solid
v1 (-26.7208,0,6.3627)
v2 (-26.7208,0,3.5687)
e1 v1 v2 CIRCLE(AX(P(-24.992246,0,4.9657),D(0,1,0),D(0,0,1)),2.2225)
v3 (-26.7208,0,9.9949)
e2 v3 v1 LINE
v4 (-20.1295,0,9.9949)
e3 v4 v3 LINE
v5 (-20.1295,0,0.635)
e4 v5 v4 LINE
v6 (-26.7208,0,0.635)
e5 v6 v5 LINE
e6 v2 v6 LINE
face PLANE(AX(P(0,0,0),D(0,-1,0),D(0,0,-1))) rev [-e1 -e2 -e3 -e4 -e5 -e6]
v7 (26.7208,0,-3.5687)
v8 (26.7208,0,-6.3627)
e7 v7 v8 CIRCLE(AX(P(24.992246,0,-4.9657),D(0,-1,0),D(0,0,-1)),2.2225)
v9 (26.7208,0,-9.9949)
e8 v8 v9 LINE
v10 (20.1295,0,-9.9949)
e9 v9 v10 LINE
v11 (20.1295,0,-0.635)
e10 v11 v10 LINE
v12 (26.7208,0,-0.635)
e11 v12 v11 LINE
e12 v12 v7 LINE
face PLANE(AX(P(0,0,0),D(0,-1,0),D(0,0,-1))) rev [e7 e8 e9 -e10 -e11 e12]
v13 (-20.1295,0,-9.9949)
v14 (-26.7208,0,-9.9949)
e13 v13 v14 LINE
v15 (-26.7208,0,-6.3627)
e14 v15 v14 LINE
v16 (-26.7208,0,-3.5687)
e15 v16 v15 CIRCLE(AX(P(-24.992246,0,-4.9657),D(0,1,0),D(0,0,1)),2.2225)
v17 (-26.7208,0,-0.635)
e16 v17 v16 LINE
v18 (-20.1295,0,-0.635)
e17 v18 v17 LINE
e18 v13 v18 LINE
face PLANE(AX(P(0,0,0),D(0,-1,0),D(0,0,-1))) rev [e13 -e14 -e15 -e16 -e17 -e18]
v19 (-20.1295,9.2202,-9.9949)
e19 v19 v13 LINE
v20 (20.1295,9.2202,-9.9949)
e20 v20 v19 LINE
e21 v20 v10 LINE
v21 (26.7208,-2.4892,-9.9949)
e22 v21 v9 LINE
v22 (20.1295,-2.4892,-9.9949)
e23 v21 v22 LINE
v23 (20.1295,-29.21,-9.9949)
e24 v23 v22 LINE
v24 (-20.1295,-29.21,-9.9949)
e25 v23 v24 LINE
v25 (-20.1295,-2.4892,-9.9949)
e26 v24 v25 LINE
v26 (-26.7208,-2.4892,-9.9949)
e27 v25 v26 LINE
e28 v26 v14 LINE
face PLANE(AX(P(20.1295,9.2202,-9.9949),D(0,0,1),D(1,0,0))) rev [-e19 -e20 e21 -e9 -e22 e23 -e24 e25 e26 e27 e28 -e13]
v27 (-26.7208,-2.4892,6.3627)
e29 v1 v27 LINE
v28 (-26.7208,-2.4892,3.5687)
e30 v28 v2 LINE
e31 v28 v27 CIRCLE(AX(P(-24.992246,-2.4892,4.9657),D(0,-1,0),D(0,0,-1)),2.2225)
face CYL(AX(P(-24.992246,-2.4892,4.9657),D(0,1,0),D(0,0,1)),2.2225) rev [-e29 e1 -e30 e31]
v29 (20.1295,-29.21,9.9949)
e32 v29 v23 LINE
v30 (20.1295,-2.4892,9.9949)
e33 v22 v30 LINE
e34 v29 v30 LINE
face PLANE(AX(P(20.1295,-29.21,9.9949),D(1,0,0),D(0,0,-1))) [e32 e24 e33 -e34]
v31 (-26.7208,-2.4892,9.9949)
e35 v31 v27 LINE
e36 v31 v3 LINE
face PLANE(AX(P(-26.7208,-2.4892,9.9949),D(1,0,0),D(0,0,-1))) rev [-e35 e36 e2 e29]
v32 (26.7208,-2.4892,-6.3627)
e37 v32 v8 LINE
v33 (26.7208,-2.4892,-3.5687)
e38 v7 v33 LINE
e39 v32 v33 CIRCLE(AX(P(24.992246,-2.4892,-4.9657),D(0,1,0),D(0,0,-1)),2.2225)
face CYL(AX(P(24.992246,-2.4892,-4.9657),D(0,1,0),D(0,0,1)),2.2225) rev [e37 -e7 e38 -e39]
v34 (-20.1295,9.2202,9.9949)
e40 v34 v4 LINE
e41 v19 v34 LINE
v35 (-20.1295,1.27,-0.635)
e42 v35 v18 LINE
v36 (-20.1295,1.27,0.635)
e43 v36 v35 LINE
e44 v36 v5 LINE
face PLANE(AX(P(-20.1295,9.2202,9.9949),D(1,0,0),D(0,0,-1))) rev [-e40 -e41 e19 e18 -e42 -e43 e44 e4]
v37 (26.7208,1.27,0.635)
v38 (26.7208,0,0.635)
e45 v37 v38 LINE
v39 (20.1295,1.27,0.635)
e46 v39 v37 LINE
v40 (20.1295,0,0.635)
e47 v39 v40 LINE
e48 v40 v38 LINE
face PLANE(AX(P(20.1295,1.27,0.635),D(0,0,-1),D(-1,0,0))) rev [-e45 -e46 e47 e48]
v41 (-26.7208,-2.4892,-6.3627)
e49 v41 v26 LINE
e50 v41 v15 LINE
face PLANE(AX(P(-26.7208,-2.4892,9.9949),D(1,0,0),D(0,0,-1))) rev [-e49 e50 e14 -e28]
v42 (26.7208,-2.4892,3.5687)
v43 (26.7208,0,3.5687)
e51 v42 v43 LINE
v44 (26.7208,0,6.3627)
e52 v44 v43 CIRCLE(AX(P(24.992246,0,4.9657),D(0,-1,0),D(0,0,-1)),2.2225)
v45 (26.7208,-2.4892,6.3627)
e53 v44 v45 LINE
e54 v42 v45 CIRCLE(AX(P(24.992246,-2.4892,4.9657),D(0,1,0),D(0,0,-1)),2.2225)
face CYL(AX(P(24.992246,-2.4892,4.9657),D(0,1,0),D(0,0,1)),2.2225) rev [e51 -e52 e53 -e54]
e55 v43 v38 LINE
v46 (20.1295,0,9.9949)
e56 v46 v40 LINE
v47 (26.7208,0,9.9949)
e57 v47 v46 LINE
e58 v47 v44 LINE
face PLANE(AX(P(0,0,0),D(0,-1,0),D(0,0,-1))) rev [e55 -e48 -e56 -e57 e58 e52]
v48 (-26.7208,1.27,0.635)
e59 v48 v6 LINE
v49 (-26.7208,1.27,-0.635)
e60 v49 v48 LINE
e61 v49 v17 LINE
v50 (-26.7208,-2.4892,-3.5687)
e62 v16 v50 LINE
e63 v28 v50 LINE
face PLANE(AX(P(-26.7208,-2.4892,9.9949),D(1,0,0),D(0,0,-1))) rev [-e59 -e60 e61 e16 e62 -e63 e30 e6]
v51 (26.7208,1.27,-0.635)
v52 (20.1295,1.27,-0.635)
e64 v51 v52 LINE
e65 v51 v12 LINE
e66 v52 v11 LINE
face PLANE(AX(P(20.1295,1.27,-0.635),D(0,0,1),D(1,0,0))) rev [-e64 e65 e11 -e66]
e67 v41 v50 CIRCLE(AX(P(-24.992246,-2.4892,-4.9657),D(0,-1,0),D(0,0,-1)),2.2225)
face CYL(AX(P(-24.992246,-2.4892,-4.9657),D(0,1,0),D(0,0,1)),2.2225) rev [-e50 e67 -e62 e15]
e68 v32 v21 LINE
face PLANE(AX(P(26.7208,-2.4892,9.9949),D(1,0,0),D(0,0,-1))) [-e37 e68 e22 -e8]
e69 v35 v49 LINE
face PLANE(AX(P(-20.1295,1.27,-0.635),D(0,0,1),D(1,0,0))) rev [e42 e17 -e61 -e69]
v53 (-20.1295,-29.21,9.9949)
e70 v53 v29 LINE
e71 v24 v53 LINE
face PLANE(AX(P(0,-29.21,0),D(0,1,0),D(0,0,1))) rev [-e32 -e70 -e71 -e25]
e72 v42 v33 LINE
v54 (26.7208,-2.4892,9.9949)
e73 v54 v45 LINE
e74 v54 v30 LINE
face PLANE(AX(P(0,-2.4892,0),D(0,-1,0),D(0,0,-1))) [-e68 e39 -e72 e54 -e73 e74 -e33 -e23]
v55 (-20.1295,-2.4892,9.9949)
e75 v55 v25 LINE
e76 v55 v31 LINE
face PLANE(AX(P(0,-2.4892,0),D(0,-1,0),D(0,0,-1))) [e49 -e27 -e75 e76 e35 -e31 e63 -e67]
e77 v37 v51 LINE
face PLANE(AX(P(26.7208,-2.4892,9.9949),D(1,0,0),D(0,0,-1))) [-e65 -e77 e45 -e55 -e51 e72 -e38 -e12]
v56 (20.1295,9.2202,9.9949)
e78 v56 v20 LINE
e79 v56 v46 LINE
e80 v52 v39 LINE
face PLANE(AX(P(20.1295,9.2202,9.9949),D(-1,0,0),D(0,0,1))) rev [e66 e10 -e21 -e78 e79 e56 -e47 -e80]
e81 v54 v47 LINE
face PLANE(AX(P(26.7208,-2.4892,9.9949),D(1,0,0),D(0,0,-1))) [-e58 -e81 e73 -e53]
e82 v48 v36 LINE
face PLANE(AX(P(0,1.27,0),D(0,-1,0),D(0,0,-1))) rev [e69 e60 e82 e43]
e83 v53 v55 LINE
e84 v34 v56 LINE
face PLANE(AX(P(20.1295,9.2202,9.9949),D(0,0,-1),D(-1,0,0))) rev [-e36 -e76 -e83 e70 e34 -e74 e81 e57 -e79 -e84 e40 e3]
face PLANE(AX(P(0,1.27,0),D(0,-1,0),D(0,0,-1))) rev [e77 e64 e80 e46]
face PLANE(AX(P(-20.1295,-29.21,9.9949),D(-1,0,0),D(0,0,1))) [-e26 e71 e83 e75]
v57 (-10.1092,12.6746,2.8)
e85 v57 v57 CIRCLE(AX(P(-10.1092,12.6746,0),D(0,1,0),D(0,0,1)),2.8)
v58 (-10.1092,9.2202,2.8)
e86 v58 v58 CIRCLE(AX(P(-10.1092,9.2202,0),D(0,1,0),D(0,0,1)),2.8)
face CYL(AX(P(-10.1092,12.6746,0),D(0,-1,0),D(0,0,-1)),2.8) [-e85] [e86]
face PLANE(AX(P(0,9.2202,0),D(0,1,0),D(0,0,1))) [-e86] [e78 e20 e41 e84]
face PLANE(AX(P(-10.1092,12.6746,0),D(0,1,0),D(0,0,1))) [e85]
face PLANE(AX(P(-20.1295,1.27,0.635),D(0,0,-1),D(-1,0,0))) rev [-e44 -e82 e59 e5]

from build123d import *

# Parameters (mm, degrees)
SKETCH2_W               = 40.259
SKETCH2_H               = 19.9898
TOP_OF_HOUSING_DEPTH    = 9.2202
OUTER_EDGE_OF_MOTOR_W   = 53.4416
OUTER_EDGE_OF_MOTOR_H   = 19.9898
MOUNTING_FIN_DEPTH      = 2.4892
SKETCH4_R               = 2.2225
MOUNTING_HOLES_DEPTH    = 30.981848954
SKETCH5_R               = 2.799999988
C24T_SPLINE_DEPTH       = 3.4544
SKETCH2_2_W             = 40.259
SKETCH2_2_H             = 19.9898
BOTTOM_OF_HOUSING_DEPTH = 29.21
SKETCH6_W               = 6.5913
SKETCH6_H               = 1.27
NUB_DEPTH               = 1.27


with BuildPart() as part:
    # Sketch2 → Top of Housing (new body)
    with BuildSketch(Plane(origin=(0, 0, 0), x_dir=(1, 0, 0), z_dir=(0, 1, 0))):
        Rectangle(SKETCH2_W, SKETCH2_H)
    extrude(amount=TOP_OF_HOUSING_DEPTH)

    # Outer Edge of Motor → Mounting Fin (add)
    with BuildSketch(Plane(origin=(0, 0, 0), x_dir=(1, 0, 0), z_dir=(0, 1, 0))):
        Rectangle(OUTER_EDGE_OF_MOTOR_W, OUTER_EDGE_OF_MOTOR_H)
    extrude(amount=-MOUNTING_FIN_DEPTH)

    # Sketch4 → Mounting Holes (cut, through all)
    with BuildSketch(Plane(origin=(0, 0, 0), x_dir=(1, 0, 0), z_dir=(0, 1, 0))):
        with Locations((-24.992246486, 4.9657)):
            Circle(SKETCH4_R)
        with Locations((-24.992246486, -4.9657)):
            Circle(SKETCH4_R)
        with Locations((24.992246486, -4.9657)):
            Circle(SKETCH4_R)
        with Locations((24.992246486, 4.9657)):
            Circle(SKETCH4_R)
    extrude(amount=-MOUNTING_HOLES_DEPTH, mode=Mode.SUBTRACT)

    # Sketch5 → C24T Spline (add)
    with BuildSketch(Plane(origin=(0, 9.2202, 0), x_dir=(1, 0, 0), z_dir=(0, 1, 0))):
        with Locations((-10.1092, 0)):
            Circle(SKETCH5_R)
    extrude(amount=C24T_SPLINE_DEPTH)

    # Sketch2<2> → Bottom of Housing (add)
    with BuildSketch(Plane(origin=(0, 0, 0), x_dir=(1, 0, 0), z_dir=(0, 1, 0))):
        Rectangle(SKETCH2_2_W, SKETCH2_2_H)
    extrude(amount=-BOTTOM_OF_HOUSING_DEPTH)

    # Sketch6 → Nub (add)
    with BuildSketch(Plane(origin=(0, 0, 0), x_dir=(1, 0, 0), z_dir=(0, 1, 0))):
        with Locations((23.42515, 0)):
            Rectangle(SKETCH6_W, SKETCH6_H)
        with Locations((-23.42515, 0)):
            Rectangle(SKETCH6_W, SKETCH6_H)
    extrude(amount=NUB_DEPTH)


solid = part.part
